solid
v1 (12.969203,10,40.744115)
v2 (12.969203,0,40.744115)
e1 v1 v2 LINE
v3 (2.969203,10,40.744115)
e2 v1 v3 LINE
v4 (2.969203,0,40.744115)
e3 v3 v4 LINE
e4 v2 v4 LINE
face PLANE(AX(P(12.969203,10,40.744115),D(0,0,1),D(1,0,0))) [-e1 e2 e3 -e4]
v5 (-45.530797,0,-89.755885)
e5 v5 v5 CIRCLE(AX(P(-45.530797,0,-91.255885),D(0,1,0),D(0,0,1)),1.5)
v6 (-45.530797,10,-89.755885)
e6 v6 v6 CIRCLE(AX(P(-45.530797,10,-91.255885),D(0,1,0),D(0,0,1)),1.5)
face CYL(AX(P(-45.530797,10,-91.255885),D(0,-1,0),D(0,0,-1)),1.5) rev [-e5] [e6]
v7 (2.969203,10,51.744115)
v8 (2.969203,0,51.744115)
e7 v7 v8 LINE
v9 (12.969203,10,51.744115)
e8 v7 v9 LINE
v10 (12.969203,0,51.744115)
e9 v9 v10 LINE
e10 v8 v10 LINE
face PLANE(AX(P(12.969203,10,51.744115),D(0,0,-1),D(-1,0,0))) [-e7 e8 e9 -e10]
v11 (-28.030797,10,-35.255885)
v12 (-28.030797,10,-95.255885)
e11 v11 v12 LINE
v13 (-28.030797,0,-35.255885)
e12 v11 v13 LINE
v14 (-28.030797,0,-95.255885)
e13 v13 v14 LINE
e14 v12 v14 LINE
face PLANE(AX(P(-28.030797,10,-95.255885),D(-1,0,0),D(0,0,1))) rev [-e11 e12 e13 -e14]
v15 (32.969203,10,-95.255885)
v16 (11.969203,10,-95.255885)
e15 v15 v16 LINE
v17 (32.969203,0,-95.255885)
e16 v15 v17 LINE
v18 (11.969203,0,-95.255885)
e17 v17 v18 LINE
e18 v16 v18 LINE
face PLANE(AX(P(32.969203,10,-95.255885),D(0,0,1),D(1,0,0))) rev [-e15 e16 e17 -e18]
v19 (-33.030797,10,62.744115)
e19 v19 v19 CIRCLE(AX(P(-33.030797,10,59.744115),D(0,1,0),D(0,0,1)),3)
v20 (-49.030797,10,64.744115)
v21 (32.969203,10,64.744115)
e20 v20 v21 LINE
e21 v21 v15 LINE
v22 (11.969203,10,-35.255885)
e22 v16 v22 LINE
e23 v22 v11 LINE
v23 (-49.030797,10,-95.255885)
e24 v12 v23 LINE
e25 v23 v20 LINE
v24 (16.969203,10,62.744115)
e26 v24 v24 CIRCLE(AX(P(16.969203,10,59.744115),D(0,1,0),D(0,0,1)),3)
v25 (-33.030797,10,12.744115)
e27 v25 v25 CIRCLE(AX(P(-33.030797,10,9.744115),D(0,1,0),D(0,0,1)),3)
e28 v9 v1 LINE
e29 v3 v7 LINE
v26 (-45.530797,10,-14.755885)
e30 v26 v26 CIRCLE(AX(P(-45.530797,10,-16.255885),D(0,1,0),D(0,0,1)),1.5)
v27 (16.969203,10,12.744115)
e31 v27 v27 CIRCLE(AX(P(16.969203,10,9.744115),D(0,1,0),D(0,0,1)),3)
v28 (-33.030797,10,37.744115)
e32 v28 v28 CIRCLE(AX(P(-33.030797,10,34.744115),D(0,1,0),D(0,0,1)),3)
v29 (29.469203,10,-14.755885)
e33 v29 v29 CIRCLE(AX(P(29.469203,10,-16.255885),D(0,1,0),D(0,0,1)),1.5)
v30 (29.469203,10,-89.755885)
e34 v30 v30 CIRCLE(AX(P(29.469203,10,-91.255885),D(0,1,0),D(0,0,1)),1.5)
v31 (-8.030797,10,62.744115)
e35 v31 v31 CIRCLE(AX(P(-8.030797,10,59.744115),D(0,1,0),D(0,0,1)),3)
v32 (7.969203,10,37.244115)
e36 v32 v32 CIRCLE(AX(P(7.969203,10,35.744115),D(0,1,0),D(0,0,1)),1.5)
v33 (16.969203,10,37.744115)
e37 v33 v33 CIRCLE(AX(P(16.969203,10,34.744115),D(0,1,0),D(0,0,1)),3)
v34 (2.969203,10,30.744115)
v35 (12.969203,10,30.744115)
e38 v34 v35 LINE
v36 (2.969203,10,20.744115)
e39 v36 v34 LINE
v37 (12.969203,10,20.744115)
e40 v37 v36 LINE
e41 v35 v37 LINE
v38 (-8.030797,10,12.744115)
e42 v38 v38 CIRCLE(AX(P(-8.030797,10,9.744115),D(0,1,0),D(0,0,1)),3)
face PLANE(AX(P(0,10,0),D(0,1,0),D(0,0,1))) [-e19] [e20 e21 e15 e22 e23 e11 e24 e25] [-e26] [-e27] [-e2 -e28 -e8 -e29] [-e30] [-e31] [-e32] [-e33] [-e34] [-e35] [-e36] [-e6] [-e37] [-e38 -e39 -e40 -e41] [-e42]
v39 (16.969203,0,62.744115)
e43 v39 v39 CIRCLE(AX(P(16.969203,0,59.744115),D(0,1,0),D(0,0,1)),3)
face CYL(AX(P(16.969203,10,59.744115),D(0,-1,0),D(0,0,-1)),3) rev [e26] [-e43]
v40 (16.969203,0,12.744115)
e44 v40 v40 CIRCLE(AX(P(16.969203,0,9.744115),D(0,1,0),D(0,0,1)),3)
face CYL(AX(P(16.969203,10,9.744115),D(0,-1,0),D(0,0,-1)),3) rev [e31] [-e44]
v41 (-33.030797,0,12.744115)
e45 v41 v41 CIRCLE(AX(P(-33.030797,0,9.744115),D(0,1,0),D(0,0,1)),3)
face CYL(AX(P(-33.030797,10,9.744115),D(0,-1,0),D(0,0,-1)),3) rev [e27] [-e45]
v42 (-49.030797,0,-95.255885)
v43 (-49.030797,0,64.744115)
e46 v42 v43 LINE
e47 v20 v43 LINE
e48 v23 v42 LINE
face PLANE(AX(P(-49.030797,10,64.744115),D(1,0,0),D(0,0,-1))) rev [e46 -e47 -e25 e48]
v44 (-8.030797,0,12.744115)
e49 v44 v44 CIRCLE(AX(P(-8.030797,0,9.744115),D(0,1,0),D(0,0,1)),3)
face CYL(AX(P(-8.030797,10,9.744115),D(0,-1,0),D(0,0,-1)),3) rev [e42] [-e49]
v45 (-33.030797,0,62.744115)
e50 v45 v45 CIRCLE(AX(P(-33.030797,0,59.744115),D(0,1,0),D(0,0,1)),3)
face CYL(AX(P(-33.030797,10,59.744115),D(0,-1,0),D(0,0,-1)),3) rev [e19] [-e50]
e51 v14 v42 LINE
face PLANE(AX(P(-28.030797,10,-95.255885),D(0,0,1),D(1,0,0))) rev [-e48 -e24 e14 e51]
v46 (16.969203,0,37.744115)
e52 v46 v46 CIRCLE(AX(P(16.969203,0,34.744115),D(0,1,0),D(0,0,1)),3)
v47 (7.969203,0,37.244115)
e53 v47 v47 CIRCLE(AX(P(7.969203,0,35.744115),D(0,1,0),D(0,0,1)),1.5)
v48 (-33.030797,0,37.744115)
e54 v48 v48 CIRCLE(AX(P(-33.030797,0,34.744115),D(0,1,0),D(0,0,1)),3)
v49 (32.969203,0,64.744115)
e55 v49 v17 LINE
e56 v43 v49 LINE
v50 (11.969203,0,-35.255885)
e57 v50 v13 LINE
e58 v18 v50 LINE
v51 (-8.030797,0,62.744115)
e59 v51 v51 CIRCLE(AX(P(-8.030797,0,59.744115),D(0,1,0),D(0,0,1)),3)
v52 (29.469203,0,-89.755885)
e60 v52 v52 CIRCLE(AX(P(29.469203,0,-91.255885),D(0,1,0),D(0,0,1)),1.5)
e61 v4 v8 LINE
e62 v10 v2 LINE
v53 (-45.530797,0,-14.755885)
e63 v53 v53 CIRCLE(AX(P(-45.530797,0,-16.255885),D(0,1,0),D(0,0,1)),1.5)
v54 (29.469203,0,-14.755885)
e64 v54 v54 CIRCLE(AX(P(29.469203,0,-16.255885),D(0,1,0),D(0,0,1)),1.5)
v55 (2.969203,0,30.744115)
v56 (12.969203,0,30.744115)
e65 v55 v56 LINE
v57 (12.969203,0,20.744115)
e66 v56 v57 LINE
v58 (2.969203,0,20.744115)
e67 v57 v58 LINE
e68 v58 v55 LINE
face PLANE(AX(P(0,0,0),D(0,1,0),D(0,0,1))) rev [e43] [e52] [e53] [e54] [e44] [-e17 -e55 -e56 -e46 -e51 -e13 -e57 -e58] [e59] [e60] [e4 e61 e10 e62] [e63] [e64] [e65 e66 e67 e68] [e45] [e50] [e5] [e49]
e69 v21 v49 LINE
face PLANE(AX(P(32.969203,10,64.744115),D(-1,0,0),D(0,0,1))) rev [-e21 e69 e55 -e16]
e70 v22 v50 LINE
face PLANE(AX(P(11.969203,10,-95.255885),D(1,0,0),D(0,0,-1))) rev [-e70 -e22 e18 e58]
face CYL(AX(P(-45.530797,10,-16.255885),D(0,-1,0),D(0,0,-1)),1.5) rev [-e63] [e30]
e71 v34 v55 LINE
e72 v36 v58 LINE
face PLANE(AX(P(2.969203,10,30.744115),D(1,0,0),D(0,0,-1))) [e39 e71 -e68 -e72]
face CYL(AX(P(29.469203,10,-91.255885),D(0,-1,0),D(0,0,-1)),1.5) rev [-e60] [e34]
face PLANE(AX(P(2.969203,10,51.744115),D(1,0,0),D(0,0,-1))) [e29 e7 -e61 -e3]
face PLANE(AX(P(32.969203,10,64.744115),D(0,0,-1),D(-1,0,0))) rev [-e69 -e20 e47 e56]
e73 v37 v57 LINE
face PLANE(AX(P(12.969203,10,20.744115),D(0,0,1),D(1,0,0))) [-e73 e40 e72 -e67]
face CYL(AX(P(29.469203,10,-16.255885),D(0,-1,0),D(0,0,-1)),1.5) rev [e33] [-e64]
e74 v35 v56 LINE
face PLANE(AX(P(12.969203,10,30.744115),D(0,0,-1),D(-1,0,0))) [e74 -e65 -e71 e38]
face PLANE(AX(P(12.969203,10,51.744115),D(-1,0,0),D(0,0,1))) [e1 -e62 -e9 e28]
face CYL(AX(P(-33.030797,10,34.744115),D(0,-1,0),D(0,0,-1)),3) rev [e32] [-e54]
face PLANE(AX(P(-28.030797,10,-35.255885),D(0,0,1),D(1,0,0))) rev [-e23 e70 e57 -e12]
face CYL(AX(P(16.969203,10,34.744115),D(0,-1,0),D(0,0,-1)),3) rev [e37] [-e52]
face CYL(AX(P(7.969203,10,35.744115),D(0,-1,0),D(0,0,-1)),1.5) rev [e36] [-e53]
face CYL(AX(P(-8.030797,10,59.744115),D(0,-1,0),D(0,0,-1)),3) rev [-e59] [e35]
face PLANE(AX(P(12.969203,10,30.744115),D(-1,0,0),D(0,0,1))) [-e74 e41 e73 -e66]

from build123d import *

# Parameters (mm, degrees)
SKETCH1_R           = 3
SKETCH1_R_2         = 1.5
SKETCH1_W           = 10
SKETCH1_H           = 11
SKETCH1_H_2         = 10
BOSS_EXTRUDE1_DEPTH = 10


with BuildPart() as part:
    # Sketch1 → Boss-Extrude1 (new body)
    with BuildSketch(Plane(origin=(0, 0, 0), x_dir=(1, 0, 0), z_dir=(0, 1, 0))):
        Polygon((32.969203123, -64.744115369), (-49.030796877, -64.744115369), (-49.030796877, 95.255884631), (-28.030796877, 95.255884631), (-28.030796877, 35.255884631), (11.969203123, 35.255884631), (11.969203123, 95.255884631), (32.969203123, 95.255884631), align=None)
        with Locations(Location((-33.030796877, -59.744115369, 0), (0, 0, 270))):
            Circle(SKETCH1_R, mode=Mode.SUBTRACT)
        with Locations(Location((16.969203123, -59.744115369, 0), (0, 0, 270))):
            Circle(SKETCH1_R, mode=Mode.SUBTRACT)
        with Locations(Location((16.969203123, -9.744115369, 0), (0, 0, 270))):
            Circle(SKETCH1_R, mode=Mode.SUBTRACT)
        with Locations(Location((-33.030796877, -9.744115369, 0), (0, 0, 270))):
            Circle(SKETCH1_R, mode=Mode.SUBTRACT)
        with Locations(Location((-45.530796877, 91.255884631, 0), (0, 0, 270))):
            Circle(SKETCH1_R_2, mode=Mode.SUBTRACT)
        with Locations(Location((29.469203123, 91.255884631, 0), (0, 0, 270))):
            Circle(SKETCH1_R_2, mode=Mode.SUBTRACT)
        with Locations(Location((29.469203123, 16.255884631, 0), (0, 0, 270))):
            Circle(SKETCH1_R_2, mode=Mode.SUBTRACT)
        with Locations(Location((-45.530796877, 16.255884631, 0), (0, 0, 270))):
            Circle(SKETCH1_R_2, mode=Mode.SUBTRACT)
        with Locations(Location((-8.030796877, -9.744115369, 0), (0, 0, 270))):
            Circle(SKETCH1_R, mode=Mode.SUBTRACT)
        with Locations(Location((-33.030796877, -34.744115369, 0), (0, 0, 270))):
            Circle(SKETCH1_R, mode=Mode.SUBTRACT)
        with Locations(Location((16.969203123, -34.744115369, 0), (0, 0, 270))):
            Circle(SKETCH1_R, mode=Mode.SUBTRACT)
        with Locations(Location((-8.030796877, -59.744115369, 0), (0, 0, 270))):
            Circle(SKETCH1_R, mode=Mode.SUBTRACT)
        with Locations(Location((7.969203123, -35.744115369, 0), (0, 0, 270))):
            Circle(SKETCH1_R_2, mode=Mode.SUBTRACT)
        with Locations((7.969203123, -46.244115369)):
            Rectangle(SKETCH1_W, SKETCH1_H, mode=Mode.SUBTRACT)
        with Locations((7.969203123, -25.744115369)):
            Rectangle(SKETCH1_W, SKETCH1_H_2, mode=Mode.SUBTRACT)
    extrude(amount=BOSS_EXTRUDE1_DEPTH)


solid = part.part
